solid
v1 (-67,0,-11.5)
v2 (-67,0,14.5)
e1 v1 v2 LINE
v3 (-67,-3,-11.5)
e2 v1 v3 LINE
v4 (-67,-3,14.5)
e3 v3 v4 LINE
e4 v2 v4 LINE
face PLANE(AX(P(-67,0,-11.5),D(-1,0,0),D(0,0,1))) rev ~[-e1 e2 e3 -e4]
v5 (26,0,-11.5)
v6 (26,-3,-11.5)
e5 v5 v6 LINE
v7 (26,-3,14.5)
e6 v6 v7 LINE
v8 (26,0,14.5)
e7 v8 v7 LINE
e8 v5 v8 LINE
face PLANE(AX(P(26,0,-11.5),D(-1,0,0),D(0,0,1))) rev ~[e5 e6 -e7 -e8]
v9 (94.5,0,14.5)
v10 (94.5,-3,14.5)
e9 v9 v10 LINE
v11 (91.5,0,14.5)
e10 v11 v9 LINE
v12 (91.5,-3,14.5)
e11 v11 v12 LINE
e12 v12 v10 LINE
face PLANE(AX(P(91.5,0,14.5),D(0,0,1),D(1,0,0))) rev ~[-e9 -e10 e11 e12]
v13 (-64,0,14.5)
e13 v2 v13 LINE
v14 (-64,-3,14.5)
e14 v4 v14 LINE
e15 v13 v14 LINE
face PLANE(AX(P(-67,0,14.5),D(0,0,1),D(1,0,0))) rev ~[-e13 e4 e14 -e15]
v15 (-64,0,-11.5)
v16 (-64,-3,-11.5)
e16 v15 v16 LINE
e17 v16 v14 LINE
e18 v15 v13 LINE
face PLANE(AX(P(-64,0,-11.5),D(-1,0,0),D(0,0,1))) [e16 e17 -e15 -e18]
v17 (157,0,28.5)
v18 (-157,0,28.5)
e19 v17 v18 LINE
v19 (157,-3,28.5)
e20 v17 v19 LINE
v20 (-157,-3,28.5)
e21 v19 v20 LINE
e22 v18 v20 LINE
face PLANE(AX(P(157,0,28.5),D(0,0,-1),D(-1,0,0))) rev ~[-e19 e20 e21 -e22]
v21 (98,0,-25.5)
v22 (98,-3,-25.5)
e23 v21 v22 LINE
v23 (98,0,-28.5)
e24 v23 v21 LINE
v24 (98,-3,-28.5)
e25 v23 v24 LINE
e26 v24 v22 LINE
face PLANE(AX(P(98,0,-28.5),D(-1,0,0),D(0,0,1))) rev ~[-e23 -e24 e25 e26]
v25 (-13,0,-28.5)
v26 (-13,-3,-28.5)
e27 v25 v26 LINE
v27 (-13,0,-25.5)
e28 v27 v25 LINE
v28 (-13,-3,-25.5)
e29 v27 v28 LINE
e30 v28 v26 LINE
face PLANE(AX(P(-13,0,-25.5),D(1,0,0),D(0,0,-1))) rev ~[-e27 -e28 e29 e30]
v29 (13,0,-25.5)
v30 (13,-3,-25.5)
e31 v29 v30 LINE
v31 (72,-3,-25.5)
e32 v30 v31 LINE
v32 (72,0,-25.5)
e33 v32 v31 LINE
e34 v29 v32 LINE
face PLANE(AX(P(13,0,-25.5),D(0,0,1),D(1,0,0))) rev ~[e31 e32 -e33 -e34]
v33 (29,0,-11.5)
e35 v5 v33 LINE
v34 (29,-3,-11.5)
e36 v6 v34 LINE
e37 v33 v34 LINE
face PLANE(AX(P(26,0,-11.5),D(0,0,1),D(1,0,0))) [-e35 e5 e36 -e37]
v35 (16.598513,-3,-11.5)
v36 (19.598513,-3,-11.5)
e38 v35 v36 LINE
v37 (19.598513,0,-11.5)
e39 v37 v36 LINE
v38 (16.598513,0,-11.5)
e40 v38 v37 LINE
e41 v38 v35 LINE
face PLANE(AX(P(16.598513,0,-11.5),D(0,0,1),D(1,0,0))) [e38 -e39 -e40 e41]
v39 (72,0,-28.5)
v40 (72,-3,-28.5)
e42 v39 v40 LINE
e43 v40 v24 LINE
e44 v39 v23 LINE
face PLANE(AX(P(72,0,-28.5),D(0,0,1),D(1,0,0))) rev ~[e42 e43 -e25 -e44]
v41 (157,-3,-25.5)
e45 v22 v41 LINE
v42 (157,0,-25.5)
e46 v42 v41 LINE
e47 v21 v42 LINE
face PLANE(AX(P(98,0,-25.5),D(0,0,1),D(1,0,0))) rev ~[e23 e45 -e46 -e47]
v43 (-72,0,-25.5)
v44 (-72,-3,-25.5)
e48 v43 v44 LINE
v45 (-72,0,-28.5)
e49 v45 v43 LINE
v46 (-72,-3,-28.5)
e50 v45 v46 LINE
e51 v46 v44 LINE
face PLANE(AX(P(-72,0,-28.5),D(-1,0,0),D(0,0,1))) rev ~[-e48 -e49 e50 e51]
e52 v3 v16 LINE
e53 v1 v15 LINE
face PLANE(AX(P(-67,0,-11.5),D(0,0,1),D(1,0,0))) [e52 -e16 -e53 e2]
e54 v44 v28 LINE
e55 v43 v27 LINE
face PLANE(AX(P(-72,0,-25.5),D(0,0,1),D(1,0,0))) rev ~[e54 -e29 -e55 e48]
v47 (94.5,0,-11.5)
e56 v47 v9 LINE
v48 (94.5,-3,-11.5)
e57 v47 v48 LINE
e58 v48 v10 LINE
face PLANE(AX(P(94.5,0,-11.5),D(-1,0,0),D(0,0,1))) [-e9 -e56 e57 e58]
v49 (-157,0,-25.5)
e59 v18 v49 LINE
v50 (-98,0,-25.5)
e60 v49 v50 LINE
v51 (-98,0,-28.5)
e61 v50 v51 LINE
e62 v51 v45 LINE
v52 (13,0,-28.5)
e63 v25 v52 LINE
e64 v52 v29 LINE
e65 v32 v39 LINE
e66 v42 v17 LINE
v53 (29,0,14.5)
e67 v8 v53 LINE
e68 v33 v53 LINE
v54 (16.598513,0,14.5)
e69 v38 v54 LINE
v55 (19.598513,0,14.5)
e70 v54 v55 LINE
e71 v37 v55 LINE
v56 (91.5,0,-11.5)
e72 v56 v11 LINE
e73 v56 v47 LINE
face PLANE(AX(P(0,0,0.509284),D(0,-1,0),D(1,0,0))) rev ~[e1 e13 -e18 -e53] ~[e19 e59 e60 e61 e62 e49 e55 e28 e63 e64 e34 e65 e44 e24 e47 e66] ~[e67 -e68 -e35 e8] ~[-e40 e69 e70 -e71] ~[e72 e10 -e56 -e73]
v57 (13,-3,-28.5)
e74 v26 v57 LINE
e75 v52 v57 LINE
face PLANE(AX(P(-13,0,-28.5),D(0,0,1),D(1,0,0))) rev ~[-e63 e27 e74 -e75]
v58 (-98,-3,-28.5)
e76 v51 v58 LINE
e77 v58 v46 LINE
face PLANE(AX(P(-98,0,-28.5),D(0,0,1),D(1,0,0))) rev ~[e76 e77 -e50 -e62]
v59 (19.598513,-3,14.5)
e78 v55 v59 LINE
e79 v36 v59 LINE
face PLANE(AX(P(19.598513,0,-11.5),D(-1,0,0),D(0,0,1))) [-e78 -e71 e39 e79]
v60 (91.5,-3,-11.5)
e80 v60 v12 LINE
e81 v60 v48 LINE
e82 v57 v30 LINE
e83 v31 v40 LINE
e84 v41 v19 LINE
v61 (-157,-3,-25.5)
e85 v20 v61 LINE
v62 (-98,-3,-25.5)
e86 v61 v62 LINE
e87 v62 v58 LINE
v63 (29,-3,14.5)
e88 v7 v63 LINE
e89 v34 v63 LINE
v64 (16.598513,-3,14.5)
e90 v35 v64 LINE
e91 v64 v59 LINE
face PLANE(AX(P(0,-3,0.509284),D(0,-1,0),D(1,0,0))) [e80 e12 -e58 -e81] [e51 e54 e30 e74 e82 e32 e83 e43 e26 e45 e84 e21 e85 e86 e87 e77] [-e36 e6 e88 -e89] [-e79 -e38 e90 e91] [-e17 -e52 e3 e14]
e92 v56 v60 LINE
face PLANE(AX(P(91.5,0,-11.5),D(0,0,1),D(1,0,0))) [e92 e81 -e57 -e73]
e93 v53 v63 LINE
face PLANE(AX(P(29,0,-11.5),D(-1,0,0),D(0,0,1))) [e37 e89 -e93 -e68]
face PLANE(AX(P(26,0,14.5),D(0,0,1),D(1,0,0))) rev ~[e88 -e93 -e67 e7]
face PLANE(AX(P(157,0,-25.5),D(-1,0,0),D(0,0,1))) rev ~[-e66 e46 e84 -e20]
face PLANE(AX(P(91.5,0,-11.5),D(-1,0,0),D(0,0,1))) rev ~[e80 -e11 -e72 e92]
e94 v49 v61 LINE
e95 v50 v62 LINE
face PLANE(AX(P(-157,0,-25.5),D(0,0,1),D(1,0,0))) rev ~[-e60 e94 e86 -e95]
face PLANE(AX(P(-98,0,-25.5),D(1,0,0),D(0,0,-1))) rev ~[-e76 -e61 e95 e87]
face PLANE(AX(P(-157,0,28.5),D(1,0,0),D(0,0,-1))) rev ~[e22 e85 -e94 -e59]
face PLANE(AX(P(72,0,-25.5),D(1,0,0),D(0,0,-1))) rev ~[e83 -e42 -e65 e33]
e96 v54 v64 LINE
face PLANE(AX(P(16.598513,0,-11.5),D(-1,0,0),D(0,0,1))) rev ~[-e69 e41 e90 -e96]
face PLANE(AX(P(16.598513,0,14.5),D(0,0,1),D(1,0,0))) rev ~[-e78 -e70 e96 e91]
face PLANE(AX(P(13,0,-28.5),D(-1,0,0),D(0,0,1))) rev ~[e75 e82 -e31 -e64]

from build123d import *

# Parameters (mm, degrees)
F0_W     = 3
F0_H     = 26
F1_DEPTH = 3


with BuildPart() as f1:
    # F0 (on Front) → F1 (new body)
    with BuildSketch(Plane.XZ):
        Polygon((72, -28.5), (98, -28.5), (98, -25.5), (157, -25.5), (157, 28.5), (-157, 28.5), (-157, -25.5), (-98, -25.5), (-98, -28.5), (-72, -28.5), (-72, -25.5), (-13, -25.5), (-13, -28.5), (13, -28.5), (13, -25.5), (72, -25.5), align=None)
        with Locations((-65.5, 1.5)):
            Rectangle(F0_W, F0_H, mode=Mode.SUBTRACT)
        with Locations((18.098513, 1.5)):
            Rectangle(F0_W, F0_H, mode=Mode.SUBTRACT)
        with Locations((27.5, 1.5)):
            Rectangle(F0_W, F0_H, mode=Mode.SUBTRACT)
        with Locations((93, 1.5)):
            Rectangle(F0_W, F0_H, mode=Mode.SUBTRACT)
    extrude(amount=F1_DEPTH)


solid = f1.part
